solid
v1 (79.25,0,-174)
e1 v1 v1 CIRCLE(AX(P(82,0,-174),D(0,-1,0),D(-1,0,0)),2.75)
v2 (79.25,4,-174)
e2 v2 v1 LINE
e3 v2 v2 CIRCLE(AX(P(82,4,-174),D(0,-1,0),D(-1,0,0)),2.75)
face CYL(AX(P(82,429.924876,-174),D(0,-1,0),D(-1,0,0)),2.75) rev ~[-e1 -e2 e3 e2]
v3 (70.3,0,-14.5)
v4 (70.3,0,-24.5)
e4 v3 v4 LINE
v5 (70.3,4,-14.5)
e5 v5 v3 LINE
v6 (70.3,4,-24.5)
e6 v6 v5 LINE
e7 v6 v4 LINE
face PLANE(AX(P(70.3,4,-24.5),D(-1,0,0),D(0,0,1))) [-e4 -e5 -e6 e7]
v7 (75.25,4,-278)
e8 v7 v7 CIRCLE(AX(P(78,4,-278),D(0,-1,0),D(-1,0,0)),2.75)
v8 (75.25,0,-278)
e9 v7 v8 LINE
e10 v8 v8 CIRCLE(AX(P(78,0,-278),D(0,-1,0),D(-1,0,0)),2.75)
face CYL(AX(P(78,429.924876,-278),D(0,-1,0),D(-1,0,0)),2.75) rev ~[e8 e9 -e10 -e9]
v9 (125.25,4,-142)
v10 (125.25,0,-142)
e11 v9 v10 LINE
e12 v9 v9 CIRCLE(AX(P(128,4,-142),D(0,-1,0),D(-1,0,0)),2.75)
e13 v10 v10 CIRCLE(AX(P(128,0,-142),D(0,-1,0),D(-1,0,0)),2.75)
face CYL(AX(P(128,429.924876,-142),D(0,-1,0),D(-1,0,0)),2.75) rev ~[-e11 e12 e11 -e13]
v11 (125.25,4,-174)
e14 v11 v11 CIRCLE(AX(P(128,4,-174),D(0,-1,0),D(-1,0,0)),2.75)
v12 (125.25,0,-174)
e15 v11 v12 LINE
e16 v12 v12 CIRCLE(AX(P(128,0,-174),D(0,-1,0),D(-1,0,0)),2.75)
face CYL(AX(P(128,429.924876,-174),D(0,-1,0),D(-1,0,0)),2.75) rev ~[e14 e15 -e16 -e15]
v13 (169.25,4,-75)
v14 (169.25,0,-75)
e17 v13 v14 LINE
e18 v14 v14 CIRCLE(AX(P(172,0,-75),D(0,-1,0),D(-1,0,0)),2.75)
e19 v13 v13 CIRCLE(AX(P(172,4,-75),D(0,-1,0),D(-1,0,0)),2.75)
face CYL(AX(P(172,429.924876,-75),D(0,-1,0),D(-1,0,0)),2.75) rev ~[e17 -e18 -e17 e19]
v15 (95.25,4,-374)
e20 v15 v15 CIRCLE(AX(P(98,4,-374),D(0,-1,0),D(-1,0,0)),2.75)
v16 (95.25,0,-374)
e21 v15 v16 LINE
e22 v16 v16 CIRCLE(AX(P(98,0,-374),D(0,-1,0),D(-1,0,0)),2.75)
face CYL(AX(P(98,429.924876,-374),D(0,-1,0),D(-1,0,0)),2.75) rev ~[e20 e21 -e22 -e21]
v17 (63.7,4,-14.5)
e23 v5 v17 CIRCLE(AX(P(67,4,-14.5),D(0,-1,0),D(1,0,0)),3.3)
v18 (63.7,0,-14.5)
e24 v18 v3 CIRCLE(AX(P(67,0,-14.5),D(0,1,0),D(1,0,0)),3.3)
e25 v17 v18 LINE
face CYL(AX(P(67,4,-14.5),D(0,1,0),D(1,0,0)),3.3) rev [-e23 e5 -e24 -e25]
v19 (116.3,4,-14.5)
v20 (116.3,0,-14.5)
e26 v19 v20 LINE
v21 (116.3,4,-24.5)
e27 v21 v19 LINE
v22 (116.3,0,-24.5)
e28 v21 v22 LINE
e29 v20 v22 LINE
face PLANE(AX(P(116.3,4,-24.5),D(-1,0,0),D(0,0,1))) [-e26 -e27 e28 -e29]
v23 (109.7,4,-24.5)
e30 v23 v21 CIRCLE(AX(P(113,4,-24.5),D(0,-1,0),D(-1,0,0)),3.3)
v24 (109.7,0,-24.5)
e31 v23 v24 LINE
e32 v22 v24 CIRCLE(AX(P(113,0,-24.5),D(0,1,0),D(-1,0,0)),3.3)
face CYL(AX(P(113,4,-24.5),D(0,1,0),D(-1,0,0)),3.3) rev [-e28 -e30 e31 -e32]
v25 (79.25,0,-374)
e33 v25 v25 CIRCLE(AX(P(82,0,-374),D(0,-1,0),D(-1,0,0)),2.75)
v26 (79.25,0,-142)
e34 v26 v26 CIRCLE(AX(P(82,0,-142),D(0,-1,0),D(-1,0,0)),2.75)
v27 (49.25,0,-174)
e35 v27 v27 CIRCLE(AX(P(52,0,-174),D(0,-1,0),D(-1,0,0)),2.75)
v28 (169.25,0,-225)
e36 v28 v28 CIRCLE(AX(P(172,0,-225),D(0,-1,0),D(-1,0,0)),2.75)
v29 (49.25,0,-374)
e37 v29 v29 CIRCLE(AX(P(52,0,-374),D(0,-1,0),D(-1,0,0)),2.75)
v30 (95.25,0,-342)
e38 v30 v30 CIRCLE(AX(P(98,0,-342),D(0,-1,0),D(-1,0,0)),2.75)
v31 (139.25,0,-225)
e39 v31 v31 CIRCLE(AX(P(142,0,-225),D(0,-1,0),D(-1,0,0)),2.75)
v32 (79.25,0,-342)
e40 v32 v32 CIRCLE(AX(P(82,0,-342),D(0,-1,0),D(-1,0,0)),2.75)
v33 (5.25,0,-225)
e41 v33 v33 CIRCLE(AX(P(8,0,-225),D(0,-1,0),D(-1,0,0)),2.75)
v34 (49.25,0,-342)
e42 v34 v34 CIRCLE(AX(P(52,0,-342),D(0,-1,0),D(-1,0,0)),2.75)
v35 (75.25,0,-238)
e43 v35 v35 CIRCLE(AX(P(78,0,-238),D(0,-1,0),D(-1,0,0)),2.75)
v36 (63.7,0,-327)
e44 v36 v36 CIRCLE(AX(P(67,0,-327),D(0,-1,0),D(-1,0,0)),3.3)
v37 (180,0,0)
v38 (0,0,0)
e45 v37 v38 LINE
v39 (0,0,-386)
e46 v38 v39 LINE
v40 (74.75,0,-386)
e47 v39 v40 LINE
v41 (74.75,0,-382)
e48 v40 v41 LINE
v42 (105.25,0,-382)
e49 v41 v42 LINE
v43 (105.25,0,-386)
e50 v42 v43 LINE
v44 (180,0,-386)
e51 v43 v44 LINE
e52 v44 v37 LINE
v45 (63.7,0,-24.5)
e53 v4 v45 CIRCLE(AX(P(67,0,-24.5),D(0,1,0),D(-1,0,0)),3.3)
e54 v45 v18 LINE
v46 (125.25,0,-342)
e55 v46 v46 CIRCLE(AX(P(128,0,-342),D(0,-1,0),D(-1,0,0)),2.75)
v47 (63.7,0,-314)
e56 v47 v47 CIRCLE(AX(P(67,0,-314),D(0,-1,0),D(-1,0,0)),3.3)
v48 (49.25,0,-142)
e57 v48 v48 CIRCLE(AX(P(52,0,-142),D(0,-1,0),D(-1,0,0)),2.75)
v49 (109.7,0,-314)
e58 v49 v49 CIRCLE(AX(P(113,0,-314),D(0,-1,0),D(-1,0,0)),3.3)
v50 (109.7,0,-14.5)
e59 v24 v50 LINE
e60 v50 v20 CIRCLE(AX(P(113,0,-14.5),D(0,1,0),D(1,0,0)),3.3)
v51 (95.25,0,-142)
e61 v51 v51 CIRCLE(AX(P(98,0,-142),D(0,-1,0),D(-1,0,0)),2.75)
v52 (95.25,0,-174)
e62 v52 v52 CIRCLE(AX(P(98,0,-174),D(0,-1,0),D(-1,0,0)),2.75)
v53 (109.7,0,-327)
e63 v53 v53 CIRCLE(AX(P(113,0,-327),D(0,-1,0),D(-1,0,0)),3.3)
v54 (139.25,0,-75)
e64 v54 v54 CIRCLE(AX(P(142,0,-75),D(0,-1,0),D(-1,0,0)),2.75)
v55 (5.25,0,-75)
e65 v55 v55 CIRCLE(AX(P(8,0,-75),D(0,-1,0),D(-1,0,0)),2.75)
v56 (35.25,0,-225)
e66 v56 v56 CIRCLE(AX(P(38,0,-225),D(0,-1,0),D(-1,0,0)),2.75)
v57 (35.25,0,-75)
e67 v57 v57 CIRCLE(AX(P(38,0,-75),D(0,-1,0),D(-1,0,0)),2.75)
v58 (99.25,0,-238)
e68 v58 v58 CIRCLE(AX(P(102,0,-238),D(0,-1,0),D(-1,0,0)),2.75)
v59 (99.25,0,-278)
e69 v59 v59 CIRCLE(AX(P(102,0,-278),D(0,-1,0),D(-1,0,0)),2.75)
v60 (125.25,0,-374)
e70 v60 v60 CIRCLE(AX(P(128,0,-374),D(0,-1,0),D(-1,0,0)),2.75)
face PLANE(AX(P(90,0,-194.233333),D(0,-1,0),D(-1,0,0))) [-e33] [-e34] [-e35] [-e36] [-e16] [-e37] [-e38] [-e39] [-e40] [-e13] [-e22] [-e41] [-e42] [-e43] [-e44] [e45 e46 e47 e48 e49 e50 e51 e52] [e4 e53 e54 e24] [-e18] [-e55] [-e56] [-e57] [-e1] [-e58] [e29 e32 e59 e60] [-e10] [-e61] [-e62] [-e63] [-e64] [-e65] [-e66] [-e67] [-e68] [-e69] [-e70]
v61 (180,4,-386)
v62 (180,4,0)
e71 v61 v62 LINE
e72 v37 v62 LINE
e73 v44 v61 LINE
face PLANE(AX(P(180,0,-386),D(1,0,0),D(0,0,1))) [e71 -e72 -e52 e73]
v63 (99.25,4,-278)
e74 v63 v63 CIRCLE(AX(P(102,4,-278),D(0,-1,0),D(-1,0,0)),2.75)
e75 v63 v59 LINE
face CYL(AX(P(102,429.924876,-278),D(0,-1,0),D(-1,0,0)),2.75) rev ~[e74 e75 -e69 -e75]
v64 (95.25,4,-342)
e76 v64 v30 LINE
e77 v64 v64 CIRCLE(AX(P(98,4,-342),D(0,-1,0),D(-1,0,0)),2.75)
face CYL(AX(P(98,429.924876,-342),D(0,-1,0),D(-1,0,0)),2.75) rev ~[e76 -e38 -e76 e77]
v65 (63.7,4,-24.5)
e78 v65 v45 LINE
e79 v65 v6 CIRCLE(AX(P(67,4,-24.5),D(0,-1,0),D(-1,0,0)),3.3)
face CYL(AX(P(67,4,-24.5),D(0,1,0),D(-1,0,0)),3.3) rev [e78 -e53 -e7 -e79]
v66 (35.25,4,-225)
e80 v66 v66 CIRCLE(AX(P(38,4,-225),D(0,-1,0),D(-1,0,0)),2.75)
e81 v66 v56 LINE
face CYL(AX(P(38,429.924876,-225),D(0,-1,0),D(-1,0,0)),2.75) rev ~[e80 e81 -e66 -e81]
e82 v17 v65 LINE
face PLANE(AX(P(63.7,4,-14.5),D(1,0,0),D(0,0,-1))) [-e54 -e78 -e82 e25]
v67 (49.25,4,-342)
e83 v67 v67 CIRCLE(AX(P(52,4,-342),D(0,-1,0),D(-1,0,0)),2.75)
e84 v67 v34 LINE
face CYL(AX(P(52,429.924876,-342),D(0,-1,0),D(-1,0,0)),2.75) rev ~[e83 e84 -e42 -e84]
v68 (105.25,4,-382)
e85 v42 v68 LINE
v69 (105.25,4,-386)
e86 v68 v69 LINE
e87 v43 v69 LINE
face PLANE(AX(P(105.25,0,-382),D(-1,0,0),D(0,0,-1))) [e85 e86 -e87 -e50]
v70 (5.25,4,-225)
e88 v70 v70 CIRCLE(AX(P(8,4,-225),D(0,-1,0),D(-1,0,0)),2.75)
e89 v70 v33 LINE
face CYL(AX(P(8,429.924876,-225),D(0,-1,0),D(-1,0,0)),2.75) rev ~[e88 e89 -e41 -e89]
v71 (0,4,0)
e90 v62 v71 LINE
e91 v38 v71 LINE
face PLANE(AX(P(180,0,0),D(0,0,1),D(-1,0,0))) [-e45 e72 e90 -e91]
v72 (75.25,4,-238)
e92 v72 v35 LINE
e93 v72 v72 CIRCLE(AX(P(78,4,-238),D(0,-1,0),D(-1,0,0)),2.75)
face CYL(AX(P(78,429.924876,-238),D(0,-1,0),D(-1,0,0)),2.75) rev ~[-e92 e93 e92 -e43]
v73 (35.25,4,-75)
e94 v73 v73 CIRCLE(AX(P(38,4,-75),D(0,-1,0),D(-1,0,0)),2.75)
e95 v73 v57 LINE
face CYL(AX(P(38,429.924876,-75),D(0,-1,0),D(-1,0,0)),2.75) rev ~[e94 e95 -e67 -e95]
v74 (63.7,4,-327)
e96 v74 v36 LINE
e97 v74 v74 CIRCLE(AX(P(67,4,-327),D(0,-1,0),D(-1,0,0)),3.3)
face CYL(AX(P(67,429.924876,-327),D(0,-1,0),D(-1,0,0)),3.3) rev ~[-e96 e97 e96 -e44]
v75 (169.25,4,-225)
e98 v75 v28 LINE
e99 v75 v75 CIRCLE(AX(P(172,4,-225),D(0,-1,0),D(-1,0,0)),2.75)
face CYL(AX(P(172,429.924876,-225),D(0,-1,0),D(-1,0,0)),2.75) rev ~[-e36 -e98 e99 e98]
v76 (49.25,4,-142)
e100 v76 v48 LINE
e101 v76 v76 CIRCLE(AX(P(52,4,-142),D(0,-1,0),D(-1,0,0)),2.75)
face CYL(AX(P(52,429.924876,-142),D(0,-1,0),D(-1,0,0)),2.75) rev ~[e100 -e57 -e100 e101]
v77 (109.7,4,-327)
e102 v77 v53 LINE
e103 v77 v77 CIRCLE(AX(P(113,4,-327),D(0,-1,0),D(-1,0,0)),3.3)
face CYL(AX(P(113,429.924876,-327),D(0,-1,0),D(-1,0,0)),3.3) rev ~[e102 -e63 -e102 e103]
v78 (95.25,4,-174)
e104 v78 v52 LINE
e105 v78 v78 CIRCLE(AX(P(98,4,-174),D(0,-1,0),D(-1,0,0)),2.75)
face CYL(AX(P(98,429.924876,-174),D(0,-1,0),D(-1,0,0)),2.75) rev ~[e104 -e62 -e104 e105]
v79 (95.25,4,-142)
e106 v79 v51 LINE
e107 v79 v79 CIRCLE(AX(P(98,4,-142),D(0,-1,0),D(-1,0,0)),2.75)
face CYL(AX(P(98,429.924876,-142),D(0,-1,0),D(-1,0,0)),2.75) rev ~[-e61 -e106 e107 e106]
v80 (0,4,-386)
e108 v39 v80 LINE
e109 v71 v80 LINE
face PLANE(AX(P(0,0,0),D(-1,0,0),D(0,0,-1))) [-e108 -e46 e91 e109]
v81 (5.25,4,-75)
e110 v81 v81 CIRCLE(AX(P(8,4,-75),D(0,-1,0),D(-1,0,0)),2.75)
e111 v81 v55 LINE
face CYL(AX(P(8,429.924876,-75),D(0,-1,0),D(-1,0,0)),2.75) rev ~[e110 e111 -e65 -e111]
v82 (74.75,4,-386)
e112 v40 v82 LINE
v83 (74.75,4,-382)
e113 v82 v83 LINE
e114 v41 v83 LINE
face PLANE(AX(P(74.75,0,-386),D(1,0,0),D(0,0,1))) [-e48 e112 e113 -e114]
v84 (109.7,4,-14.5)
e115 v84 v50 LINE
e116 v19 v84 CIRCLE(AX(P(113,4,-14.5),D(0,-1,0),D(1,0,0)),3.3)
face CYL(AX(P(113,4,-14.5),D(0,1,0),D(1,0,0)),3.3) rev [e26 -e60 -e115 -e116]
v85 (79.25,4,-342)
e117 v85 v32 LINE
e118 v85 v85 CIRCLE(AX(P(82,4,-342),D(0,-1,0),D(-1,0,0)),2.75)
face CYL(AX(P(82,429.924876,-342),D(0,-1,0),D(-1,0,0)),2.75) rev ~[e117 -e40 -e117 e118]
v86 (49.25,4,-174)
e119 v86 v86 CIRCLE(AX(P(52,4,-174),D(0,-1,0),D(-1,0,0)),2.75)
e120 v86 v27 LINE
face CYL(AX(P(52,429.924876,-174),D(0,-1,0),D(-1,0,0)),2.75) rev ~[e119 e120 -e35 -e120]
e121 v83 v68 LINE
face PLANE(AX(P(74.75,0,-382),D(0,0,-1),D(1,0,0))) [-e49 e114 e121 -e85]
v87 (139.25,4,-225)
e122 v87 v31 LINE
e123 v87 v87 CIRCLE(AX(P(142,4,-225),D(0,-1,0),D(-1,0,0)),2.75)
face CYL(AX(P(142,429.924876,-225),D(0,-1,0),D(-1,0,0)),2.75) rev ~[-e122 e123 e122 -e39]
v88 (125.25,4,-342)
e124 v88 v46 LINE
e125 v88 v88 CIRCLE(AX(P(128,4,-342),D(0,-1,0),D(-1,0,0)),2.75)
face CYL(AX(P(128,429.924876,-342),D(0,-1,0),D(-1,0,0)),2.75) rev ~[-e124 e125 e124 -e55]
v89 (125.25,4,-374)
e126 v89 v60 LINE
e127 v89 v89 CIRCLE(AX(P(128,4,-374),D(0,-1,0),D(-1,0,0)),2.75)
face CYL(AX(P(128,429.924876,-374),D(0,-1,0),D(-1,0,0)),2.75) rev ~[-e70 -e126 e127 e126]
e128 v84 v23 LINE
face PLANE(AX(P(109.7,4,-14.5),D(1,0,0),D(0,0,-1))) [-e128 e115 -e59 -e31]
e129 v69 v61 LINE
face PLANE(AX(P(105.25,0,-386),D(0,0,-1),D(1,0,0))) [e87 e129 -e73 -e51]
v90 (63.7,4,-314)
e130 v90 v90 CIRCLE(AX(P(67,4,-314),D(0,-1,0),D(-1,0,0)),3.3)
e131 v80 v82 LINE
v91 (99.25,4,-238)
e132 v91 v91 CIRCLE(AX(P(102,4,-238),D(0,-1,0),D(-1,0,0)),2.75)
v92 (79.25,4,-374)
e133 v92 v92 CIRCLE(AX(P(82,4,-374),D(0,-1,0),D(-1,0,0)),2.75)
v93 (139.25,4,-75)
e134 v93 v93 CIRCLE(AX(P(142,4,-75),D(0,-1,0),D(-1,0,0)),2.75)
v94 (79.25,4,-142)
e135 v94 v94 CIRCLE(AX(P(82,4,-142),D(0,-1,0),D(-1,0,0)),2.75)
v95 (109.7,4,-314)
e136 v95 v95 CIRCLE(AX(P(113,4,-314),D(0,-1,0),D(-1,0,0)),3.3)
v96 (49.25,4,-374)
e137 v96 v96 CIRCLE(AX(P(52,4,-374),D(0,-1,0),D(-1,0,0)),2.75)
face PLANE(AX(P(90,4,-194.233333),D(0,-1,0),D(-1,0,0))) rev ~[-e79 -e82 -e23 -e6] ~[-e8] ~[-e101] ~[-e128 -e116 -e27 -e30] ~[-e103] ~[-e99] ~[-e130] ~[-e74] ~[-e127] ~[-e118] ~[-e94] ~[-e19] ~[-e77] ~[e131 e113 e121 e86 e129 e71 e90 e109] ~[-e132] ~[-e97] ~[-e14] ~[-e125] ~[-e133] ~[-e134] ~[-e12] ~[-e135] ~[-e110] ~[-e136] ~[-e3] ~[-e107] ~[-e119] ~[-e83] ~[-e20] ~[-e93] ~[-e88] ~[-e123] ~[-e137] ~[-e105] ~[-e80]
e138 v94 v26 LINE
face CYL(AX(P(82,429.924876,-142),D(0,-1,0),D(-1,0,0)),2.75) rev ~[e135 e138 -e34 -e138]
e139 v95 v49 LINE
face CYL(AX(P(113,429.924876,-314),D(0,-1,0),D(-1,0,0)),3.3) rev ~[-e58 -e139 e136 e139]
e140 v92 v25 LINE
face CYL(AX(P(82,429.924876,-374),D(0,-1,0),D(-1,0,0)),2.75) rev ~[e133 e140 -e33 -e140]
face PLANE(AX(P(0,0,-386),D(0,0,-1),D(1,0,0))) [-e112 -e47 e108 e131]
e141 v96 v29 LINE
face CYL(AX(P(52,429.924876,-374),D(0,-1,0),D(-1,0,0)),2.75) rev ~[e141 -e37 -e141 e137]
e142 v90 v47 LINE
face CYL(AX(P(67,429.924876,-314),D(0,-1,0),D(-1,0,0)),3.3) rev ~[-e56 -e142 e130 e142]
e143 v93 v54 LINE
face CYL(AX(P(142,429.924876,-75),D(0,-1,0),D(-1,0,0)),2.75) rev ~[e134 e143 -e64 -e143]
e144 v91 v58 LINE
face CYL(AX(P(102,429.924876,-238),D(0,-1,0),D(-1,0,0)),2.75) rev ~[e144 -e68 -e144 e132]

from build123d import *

# Parameters (mm, degrees)
EXTRUDE_1_DEPTH         = 4
HOLE_WIZARD_5_5_5_5_2_D = 5.5
HOLE_WIZARD_5_5_5_5_1_D = 5.5
HOLE_WIZARD_6_6_6_6_1_D = 6.6
CUT_EXTRUDE_1_DEPTH     = 5


with BuildPart() as part:
    # Эскиз1 → Бобышка-Вытянуть1 (new body)
    with BuildSketch(Plane(origin=(0, 0, 0), x_dir=(1, 0, 0), z_dir=(0, 1, 0))):
        Polygon((0, 386), (74.75, 386), (74.75, 382), (105.25, 382), (105.25, 386), (180, 386), (180, 0), (0, 0), align=None)
    extrude(amount=EXTRUDE_1_DEPTH)

    # Диаметр отверстия Ø5.5 (5.5)2 (through all)
    with Locations(Plane(origin=(0, 4, 0), x_dir=(1, 0, 0), z_dir=(0, 1, 0))):
        with Locations((78, 238), (78, 278), (102, 238), (102, 278), (128, 174), (128, 142), (98, 142), (98, 174), (128, 374), (98, 374), (128, 342), (98, 342), (52, 174), (52, 142), (82, 142), (82, 174), (52, 342), (82, 342), (52, 374), (82, 374)):
            Hole(HOLE_WIZARD_5_5_5_5_2_D / 2)

    # Диаметр отверстия Ø5.5 (5.5)1 (through all)
    with Locations(Plane(origin=(0, 4, 0), x_dir=(1, 0, 0), z_dir=(0, 1, 0))):
        with Locations((8, 75), (8, 225), (172, 225), (172, 75), (38, 225), (38, 75), (142, 225), (142, 75)):
            Hole(HOLE_WIZARD_5_5_5_5_1_D / 2)

    # Диаметр отверстия Ø6.6 (6.6)1 (through all)
    with Locations(Plane(origin=(0, 4, 0), x_dir=(1, 0, 0), z_dir=(0, 1, 0))):
        with Locations((67, 327), (113, 327), (67, 314), (113, 314)):
            Hole(HOLE_WIZARD_6_6_6_6_1_D / 2)

    # Эскиз8 → Вырез-Вытянуть1 (cut, through all)
    with BuildSketch(Plane(origin=(0, 4, 0), x_dir=(1, 0, 0), z_dir=(0, 1, 0))):
        with BuildLine():
            Line((70.3, 24.5), (70.3, 14.5))
            ThreePointArc((70.3, 14.5), (67, 11.2), (63.7, 14.5))
            Line((63.7, 14.5), (63.7, 24.5))
            ThreePointArc((63.7, 24.5), (67, 27.8), (70.3, 24.5))
        make_face()
        with BuildLine():
            Line((109.7, 14.5), (109.7, 24.5))
            ThreePointArc((109.7, 24.5), (113, 27.8), (116.3, 24.5))
            Line((116.3, 24.5), (116.3, 14.5))
            ThreePointArc((116.3, 14.5), (113, 11.2), (109.7, 14.5))
        make_face()
    extrude(amount=-CUT_EXTRUDE_1_DEPTH, mode=Mode.SUBTRACT)


solid = part.part
